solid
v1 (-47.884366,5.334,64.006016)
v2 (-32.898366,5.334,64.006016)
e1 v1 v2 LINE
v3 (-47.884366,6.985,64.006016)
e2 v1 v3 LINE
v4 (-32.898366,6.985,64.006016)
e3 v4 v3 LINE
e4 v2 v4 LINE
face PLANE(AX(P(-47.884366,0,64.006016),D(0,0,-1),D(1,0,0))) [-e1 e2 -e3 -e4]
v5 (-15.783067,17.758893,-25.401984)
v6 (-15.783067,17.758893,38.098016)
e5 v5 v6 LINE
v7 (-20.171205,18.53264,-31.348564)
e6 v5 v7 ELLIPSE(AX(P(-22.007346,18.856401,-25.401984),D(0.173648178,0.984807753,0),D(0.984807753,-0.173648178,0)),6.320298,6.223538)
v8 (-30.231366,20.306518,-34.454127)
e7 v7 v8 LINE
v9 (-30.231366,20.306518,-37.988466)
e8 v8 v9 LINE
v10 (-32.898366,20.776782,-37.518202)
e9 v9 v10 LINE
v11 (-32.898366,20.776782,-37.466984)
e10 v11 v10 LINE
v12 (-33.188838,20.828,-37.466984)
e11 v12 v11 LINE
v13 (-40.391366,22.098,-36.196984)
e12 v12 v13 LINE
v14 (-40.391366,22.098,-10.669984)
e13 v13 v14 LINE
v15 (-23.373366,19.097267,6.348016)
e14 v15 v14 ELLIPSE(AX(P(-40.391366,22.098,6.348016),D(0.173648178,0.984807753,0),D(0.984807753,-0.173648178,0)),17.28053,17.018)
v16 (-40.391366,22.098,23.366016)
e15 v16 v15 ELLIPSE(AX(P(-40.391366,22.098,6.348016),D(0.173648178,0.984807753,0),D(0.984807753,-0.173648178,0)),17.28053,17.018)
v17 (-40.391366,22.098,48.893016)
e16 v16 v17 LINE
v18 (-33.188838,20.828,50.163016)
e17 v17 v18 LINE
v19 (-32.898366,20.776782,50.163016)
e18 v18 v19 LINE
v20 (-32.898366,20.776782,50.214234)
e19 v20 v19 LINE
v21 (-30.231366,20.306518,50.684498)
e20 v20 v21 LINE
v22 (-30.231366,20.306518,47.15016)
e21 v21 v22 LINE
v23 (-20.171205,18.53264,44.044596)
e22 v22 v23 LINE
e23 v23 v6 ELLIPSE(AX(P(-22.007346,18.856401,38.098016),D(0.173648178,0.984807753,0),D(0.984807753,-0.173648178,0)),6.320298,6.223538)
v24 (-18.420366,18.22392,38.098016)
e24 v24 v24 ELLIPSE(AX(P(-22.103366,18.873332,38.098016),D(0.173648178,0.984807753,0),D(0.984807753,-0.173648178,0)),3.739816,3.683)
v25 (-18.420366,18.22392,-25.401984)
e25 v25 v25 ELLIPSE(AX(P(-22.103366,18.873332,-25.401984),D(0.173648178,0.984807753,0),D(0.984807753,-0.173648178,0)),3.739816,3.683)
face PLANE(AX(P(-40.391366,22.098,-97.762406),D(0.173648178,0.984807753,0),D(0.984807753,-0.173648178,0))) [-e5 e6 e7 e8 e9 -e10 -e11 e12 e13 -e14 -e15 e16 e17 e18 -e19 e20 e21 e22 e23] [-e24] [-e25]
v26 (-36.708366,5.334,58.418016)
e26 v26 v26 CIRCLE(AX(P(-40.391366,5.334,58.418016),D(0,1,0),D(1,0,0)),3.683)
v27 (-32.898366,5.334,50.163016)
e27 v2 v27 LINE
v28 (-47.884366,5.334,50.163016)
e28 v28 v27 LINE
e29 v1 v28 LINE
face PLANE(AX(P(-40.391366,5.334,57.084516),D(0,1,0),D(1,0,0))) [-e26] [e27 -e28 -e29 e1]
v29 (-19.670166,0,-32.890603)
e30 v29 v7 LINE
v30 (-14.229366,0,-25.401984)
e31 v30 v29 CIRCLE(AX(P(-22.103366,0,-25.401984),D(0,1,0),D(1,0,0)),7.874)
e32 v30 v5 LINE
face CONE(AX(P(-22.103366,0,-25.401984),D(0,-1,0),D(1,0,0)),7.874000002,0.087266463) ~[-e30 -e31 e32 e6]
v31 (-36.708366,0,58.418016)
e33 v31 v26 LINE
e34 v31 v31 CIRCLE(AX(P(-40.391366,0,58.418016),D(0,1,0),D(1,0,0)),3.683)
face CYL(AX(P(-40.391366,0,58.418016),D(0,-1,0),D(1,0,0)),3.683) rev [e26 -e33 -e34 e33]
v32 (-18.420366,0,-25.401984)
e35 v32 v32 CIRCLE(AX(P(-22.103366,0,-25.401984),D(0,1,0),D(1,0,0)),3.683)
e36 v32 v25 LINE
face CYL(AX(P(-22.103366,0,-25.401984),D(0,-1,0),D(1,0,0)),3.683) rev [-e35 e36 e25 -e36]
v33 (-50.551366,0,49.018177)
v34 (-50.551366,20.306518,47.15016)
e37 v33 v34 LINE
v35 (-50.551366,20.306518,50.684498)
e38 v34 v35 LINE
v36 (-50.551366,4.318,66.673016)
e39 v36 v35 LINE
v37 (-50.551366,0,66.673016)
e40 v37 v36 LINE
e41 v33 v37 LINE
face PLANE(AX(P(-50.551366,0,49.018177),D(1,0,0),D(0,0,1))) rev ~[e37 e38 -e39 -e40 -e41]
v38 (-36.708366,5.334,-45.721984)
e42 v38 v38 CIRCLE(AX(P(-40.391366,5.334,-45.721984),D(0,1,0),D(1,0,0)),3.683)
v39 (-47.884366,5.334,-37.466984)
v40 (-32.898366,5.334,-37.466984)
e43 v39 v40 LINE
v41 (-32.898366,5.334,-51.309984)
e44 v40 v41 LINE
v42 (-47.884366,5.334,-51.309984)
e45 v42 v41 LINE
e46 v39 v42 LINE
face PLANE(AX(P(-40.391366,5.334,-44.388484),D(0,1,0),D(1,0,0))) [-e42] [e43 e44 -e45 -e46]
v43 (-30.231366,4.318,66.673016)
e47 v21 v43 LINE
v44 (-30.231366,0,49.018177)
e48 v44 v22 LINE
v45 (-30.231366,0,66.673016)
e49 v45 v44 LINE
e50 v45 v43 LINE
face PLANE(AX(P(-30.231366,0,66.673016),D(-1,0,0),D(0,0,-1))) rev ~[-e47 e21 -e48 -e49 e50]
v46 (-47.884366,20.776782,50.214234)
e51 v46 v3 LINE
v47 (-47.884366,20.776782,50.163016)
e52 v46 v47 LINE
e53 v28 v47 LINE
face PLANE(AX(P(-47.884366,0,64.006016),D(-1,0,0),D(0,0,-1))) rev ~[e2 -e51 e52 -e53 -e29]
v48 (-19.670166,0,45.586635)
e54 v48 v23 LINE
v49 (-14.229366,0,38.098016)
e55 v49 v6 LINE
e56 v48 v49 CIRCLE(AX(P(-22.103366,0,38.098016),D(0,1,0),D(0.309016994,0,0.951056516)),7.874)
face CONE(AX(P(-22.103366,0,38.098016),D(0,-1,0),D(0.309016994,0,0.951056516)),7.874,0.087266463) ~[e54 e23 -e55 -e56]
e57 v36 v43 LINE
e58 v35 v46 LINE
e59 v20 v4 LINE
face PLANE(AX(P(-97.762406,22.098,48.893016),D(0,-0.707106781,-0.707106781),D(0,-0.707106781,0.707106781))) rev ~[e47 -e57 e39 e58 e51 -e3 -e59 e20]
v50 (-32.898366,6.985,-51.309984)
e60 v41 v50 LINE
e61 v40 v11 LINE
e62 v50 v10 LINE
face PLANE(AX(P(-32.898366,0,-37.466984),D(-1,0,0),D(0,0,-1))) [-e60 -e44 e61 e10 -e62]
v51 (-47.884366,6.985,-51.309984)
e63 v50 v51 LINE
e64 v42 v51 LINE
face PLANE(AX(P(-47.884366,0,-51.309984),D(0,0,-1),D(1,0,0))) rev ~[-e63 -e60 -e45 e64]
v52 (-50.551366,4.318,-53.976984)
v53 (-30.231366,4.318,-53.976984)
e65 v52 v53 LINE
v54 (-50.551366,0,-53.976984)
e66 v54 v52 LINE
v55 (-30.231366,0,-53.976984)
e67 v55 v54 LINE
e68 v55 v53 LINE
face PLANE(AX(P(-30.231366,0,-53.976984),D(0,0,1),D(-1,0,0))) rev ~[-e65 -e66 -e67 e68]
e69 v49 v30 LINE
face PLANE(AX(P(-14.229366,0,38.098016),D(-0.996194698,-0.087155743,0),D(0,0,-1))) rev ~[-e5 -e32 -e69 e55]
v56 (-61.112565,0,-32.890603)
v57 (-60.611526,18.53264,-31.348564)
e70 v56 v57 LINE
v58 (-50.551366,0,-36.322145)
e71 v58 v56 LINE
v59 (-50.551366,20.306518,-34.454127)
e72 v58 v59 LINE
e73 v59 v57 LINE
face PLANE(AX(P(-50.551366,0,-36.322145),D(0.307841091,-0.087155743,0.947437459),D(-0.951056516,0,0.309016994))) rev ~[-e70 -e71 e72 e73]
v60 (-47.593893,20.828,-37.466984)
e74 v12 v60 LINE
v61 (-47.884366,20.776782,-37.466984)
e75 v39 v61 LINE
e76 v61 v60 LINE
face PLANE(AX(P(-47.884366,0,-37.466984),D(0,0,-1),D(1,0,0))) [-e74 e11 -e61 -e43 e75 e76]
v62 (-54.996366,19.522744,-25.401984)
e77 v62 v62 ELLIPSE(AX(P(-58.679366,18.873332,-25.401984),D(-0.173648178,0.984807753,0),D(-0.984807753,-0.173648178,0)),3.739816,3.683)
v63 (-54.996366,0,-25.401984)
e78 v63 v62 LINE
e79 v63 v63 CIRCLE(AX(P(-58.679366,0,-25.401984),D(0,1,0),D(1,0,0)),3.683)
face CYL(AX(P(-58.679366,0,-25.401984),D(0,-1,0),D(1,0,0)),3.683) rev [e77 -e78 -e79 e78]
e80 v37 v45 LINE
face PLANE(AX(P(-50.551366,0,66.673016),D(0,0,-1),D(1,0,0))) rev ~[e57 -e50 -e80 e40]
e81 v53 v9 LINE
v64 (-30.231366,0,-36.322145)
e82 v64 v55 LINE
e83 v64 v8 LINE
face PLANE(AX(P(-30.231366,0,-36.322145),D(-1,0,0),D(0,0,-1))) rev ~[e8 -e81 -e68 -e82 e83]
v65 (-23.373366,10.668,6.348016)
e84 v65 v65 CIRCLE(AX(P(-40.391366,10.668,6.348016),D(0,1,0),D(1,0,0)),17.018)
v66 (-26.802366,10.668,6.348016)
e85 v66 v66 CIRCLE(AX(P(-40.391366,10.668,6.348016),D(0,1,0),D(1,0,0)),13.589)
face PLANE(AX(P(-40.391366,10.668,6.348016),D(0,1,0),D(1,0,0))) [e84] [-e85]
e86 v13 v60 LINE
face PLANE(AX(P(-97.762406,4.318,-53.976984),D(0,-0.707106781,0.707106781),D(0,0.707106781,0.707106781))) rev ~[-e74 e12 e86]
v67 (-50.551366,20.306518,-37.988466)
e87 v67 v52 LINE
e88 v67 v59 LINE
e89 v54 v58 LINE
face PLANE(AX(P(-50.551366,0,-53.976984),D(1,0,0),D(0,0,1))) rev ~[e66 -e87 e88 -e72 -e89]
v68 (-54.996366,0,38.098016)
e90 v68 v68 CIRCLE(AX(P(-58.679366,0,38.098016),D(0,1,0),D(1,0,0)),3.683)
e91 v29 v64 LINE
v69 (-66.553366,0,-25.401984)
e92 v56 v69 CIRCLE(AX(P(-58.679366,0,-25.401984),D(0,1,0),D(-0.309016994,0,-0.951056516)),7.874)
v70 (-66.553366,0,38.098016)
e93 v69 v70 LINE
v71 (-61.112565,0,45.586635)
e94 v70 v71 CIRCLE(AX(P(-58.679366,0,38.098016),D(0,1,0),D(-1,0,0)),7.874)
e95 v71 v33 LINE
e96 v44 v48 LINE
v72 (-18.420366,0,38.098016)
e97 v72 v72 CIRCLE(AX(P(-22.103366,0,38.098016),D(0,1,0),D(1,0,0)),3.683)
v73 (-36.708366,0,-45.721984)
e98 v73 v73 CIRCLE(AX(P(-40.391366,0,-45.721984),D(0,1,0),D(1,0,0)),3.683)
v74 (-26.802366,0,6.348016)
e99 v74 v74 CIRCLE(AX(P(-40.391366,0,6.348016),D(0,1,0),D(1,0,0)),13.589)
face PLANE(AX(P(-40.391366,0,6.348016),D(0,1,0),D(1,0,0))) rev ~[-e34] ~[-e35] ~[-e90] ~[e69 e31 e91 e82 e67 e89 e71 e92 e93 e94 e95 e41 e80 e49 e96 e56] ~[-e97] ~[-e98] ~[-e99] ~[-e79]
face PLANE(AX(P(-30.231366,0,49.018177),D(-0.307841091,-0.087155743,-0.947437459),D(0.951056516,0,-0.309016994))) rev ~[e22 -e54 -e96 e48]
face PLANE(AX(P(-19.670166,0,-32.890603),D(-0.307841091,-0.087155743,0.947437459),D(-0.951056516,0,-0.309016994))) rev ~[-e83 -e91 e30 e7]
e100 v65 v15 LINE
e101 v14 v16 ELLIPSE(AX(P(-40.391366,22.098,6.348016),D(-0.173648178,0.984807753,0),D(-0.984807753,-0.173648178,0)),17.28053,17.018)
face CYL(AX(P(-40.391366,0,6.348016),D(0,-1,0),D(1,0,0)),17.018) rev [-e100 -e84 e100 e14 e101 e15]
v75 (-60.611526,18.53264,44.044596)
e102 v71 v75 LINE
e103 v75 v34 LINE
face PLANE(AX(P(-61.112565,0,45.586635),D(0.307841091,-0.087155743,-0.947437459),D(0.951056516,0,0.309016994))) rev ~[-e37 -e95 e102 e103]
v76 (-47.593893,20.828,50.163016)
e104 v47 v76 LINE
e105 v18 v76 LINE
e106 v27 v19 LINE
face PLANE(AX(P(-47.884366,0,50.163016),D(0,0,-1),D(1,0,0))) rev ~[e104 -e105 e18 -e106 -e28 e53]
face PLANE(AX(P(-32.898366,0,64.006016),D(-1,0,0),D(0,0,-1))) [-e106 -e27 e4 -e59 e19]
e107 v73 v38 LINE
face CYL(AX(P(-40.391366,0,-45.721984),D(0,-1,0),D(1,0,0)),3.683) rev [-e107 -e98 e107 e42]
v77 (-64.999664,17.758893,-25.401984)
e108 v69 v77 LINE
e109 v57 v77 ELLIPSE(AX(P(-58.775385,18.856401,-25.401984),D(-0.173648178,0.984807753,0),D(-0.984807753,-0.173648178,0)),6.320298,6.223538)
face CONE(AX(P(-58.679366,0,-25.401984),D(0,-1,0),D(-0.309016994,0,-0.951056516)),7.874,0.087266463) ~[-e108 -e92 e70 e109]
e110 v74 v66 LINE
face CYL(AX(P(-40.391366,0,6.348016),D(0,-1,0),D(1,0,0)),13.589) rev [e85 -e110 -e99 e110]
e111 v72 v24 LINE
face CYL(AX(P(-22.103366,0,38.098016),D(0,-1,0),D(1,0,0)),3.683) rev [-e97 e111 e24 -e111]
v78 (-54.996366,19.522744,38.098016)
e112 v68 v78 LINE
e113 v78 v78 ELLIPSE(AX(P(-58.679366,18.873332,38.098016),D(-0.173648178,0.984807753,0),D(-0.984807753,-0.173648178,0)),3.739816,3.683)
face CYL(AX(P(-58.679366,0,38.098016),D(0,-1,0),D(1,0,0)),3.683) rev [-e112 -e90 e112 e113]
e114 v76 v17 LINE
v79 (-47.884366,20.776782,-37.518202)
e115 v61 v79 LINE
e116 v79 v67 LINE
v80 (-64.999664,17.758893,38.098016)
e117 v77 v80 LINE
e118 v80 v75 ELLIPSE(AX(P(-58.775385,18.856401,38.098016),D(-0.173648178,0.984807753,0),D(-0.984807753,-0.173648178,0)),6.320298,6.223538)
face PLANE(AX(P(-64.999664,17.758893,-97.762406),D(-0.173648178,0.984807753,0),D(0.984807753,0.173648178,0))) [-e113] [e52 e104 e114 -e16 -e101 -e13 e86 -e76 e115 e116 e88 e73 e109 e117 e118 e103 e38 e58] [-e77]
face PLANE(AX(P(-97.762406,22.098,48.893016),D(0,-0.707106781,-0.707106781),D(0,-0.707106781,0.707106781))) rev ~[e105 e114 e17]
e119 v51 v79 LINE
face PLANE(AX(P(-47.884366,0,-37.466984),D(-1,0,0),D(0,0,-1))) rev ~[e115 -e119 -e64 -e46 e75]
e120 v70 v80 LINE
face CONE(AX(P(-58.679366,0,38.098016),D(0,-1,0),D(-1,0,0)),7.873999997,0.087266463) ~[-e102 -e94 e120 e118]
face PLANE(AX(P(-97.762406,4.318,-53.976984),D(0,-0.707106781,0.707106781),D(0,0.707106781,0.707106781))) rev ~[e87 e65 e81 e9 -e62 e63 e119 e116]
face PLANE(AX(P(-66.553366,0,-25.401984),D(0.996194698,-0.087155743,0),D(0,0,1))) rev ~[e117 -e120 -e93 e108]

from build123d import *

# Parameters (mm, degrees)
SKETCH1_R               = 3.683
SKETCH1_W               = 14.986
SKETCH1_H               = 13.843
SKETCH1_R_2             = 17.018
BOSS_EXTRUDE2_DEPTH     = 22.098
DRAFT2_ANGLE            = -5
SKETCH1_4_W             = 14.986
SKETCH1_4_H             = 13.843
SKETCH1_4_R             = 3.683
BOSS_EXTRUDE3_DEPTH     = 5.334
CUT_EXTRUDE1_DEPTH      = 97.762405579
CUT_EXTRUDE1_DEPTH_BACK = 97.762405579
CUT_EXTRUDE2_DEPTH      = 97.762405579
CUT_EXTRUDE2_DEPTH_BACK = 97.762405579
SKETCH1_5_R             = 17.018
SKETCH1_5_R_2           = 13.589
BOSS_EXTRUDE4_DEPTH     = 10.668


with BuildPart() as part:
    # Sketch1 → Boss-Extrude2 (new body)
    with BuildSketch(Plane(origin=(0, 0, 0), x_dir=(1, 0, 0), z_dir=(0, 1, 0))):
        with BuildLine():
            Line((-30.231365501, 53.976983945), (-50.551365501, 53.976983945))
            Line((-50.551365501, 53.976983945), (-50.551365501, 36.322144789))
            Line((-50.551365501, 36.322144789), (-61.112565315, 32.890602954))
            ThreePointArc((-61.112565315, 32.890602954), (-65.049565315, 30.030205021), (-66.553365501, 25.401983945))
            Line((-66.553365501, 25.401983945), (-66.553365501, -38.098016055))
            ThreePointArc((-66.553365501, -38.098016055), (-65.049565315, -42.726237132), (-61.112565315, -45.586635064))
            Line((-61.112565315, -45.586635064), (-50.551365501, -49.0181769))
            Line((-50.551365501, -49.0181769), (-50.551365501, -66.673016055))
            Line((-50.551365501, -66.673016055), (-30.231365501, -66.673016055))
            Line((-30.231365501, -66.673016055), (-30.231365501, -49.0181769))
            Line((-30.231365501, -49.0181769), (-19.670165688, -45.586635064))
            ThreePointArc((-19.670165688, -45.586635064), (-15.733165688, -42.726237132), (-14.229365501, -38.098016055))
            Line((-14.229365501, -38.098016055), (-14.229365501, 25.401983945))
            ThreePointArc((-14.229365501, 25.401983945), (-15.733165688, 30.030205021), (-19.670165688, 32.890602954))
            Line((-19.670165688, 32.890602954), (-30.231365501, 36.322144789))
            Line((-30.231365501, 36.322144789), (-30.231365501, 53.976983945))
        make_face()
        with Locations((-58.679365501, -38.098016055)):
            Circle(SKETCH1_R, mode=Mode.SUBTRACT)
        with Locations((-40.391365501, -57.084516055)):
            Rectangle(SKETCH1_W, SKETCH1_H, mode=Mode.SUBTRACT)
        with Locations((-22.103365501, -38.098016055)):
            Circle(SKETCH1_R, mode=Mode.SUBTRACT)
        with Locations((-40.391365501, -6.348016055)):
            Circle(SKETCH1_R_2, mode=Mode.SUBTRACT)
        with Locations((-58.679365501, 25.401983945)):
            Circle(SKETCH1_R, mode=Mode.SUBTRACT)
        with Locations((-40.391365501, 44.388483945)):
            Rectangle(SKETCH1_W, SKETCH1_H, mode=Mode.SUBTRACT)
        with Locations((-22.103365501, 25.401983945)):
            Circle(SKETCH1_R, mode=Mode.SUBTRACT)
    extrude(amount=BOSS_EXTRUDE2_DEPTH)

    # Draft2
    draft2_faces = [part.faces().sort_by_distance(p)[0] for p in [
        (-55.831965408, 11.049, -34.606373872),
        (-65.049565315, 11.049, -30.030205021),
        (-66.553365501, 11.049, 6.348016055),
        (-65.049565315, 11.049, 42.726237132),
        (-55.831965408, 11.049, 47.302405982),
        (-15.733165688, 11.049, 42.726237132),
        (-24.950765594, 11.049, 47.302405982),
        (-24.950765594, 11.049, -34.606373872),
        (-15.733165688, 11.049, -30.030205021),
        (-14.229365501, 11.049, 6.348016055),
    ]]
    draft(draft2_faces, Plane(origin=(0, 0, 0), x_dir=(0, 0, -1), z_dir=(0, -1, 0)), DRAFT2_ANGLE)

    # Sketch1<4> → Boss-Extrude3 (add)
    # profile 1 of 2: a face of its own
    with BuildSketch(Plane(origin=(0, 0, 0), x_dir=(1, 0, 0), z_dir=(0, 1, 0))):
        with Locations((-40.391365501, 44.388483945)):
            Rectangle(SKETCH1_4_W, SKETCH1_4_H)
        with Locations((-40.391365501, 45.721983945)):
            Circle(SKETCH1_4_R, mode=Mode.SUBTRACT)
    # profile 2 of 2: a face of its own
    with BuildSketch(Plane(origin=(0, 0, 0), x_dir=(1, 0, 0), z_dir=(0, 1, 0))):
        with Locations((-40.391365501, -57.084516055)):
            Rectangle(SKETCH1_4_W, SKETCH1_4_H)
        with Locations((-40.391365501, -58.418016055)):
            Circle(SKETCH1_4_R, mode=Mode.SUBTRACT)
    extrude(amount=BOSS_EXTRUDE3_DEPTH)

    # Sketch2 → Cut-Extrude1 (cut, two sides: drawn at the far end of the back side and taken through both)
    with BuildSketch(Plane(origin=(0, 0, 0), x_dir=(0, 0, -1), z_dir=(1, 0, 0)).offset(-CUT_EXTRUDE1_DEPTH_BACK)):
        Polygon((-66.673016055, 4.318), (-66.673016055, 22.098), (-48.893016055, 22.098), align=None)
        Polygon((36.196983945, 22.098), (53.976983945, 22.098), (53.976983945, 4.318), align=None)
    extrude(amount=CUT_EXTRUDE1_DEPTH + CUT_EXTRUDE1_DEPTH_BACK, mode=Mode.SUBTRACT)

    # Sketch3 → Cut-Extrude2 (cut, two sides: drawn at the far end of the back side and taken through both)
    with BuildSketch(Plane.XY.offset(-CUT_EXTRUDE2_DEPTH_BACK)):
        Polygon((-16.162689988, 22.098), (-40.391365501, 22.098), (-15.783067323, 17.758893082), align=None)
        Polygon((-40.391365501, 22.098), (-64.620041015, 22.098), (-64.99966368, 17.758893082), align=None)
    extrude(amount=CUT_EXTRUDE2_DEPTH + CUT_EXTRUDE2_DEPTH_BACK, mode=Mode.SUBTRACT)

    # Sketch1<5> → Boss-Extrude4 (add)
    with BuildSketch(Plane(origin=(0, 0, 0), x_dir=(1, 0, 0), z_dir=(0, 1, 0))):
        with Locations((-40.391365501, -6.348016055)):
            Circle(SKETCH1_5_R)
        with Locations((-40.391365501, -6.348016055)):
            Circle(SKETCH1_5_R_2, mode=Mode.SUBTRACT)
    extrude(amount=BOSS_EXTRUDE4_DEPTH)


solid = part.part
